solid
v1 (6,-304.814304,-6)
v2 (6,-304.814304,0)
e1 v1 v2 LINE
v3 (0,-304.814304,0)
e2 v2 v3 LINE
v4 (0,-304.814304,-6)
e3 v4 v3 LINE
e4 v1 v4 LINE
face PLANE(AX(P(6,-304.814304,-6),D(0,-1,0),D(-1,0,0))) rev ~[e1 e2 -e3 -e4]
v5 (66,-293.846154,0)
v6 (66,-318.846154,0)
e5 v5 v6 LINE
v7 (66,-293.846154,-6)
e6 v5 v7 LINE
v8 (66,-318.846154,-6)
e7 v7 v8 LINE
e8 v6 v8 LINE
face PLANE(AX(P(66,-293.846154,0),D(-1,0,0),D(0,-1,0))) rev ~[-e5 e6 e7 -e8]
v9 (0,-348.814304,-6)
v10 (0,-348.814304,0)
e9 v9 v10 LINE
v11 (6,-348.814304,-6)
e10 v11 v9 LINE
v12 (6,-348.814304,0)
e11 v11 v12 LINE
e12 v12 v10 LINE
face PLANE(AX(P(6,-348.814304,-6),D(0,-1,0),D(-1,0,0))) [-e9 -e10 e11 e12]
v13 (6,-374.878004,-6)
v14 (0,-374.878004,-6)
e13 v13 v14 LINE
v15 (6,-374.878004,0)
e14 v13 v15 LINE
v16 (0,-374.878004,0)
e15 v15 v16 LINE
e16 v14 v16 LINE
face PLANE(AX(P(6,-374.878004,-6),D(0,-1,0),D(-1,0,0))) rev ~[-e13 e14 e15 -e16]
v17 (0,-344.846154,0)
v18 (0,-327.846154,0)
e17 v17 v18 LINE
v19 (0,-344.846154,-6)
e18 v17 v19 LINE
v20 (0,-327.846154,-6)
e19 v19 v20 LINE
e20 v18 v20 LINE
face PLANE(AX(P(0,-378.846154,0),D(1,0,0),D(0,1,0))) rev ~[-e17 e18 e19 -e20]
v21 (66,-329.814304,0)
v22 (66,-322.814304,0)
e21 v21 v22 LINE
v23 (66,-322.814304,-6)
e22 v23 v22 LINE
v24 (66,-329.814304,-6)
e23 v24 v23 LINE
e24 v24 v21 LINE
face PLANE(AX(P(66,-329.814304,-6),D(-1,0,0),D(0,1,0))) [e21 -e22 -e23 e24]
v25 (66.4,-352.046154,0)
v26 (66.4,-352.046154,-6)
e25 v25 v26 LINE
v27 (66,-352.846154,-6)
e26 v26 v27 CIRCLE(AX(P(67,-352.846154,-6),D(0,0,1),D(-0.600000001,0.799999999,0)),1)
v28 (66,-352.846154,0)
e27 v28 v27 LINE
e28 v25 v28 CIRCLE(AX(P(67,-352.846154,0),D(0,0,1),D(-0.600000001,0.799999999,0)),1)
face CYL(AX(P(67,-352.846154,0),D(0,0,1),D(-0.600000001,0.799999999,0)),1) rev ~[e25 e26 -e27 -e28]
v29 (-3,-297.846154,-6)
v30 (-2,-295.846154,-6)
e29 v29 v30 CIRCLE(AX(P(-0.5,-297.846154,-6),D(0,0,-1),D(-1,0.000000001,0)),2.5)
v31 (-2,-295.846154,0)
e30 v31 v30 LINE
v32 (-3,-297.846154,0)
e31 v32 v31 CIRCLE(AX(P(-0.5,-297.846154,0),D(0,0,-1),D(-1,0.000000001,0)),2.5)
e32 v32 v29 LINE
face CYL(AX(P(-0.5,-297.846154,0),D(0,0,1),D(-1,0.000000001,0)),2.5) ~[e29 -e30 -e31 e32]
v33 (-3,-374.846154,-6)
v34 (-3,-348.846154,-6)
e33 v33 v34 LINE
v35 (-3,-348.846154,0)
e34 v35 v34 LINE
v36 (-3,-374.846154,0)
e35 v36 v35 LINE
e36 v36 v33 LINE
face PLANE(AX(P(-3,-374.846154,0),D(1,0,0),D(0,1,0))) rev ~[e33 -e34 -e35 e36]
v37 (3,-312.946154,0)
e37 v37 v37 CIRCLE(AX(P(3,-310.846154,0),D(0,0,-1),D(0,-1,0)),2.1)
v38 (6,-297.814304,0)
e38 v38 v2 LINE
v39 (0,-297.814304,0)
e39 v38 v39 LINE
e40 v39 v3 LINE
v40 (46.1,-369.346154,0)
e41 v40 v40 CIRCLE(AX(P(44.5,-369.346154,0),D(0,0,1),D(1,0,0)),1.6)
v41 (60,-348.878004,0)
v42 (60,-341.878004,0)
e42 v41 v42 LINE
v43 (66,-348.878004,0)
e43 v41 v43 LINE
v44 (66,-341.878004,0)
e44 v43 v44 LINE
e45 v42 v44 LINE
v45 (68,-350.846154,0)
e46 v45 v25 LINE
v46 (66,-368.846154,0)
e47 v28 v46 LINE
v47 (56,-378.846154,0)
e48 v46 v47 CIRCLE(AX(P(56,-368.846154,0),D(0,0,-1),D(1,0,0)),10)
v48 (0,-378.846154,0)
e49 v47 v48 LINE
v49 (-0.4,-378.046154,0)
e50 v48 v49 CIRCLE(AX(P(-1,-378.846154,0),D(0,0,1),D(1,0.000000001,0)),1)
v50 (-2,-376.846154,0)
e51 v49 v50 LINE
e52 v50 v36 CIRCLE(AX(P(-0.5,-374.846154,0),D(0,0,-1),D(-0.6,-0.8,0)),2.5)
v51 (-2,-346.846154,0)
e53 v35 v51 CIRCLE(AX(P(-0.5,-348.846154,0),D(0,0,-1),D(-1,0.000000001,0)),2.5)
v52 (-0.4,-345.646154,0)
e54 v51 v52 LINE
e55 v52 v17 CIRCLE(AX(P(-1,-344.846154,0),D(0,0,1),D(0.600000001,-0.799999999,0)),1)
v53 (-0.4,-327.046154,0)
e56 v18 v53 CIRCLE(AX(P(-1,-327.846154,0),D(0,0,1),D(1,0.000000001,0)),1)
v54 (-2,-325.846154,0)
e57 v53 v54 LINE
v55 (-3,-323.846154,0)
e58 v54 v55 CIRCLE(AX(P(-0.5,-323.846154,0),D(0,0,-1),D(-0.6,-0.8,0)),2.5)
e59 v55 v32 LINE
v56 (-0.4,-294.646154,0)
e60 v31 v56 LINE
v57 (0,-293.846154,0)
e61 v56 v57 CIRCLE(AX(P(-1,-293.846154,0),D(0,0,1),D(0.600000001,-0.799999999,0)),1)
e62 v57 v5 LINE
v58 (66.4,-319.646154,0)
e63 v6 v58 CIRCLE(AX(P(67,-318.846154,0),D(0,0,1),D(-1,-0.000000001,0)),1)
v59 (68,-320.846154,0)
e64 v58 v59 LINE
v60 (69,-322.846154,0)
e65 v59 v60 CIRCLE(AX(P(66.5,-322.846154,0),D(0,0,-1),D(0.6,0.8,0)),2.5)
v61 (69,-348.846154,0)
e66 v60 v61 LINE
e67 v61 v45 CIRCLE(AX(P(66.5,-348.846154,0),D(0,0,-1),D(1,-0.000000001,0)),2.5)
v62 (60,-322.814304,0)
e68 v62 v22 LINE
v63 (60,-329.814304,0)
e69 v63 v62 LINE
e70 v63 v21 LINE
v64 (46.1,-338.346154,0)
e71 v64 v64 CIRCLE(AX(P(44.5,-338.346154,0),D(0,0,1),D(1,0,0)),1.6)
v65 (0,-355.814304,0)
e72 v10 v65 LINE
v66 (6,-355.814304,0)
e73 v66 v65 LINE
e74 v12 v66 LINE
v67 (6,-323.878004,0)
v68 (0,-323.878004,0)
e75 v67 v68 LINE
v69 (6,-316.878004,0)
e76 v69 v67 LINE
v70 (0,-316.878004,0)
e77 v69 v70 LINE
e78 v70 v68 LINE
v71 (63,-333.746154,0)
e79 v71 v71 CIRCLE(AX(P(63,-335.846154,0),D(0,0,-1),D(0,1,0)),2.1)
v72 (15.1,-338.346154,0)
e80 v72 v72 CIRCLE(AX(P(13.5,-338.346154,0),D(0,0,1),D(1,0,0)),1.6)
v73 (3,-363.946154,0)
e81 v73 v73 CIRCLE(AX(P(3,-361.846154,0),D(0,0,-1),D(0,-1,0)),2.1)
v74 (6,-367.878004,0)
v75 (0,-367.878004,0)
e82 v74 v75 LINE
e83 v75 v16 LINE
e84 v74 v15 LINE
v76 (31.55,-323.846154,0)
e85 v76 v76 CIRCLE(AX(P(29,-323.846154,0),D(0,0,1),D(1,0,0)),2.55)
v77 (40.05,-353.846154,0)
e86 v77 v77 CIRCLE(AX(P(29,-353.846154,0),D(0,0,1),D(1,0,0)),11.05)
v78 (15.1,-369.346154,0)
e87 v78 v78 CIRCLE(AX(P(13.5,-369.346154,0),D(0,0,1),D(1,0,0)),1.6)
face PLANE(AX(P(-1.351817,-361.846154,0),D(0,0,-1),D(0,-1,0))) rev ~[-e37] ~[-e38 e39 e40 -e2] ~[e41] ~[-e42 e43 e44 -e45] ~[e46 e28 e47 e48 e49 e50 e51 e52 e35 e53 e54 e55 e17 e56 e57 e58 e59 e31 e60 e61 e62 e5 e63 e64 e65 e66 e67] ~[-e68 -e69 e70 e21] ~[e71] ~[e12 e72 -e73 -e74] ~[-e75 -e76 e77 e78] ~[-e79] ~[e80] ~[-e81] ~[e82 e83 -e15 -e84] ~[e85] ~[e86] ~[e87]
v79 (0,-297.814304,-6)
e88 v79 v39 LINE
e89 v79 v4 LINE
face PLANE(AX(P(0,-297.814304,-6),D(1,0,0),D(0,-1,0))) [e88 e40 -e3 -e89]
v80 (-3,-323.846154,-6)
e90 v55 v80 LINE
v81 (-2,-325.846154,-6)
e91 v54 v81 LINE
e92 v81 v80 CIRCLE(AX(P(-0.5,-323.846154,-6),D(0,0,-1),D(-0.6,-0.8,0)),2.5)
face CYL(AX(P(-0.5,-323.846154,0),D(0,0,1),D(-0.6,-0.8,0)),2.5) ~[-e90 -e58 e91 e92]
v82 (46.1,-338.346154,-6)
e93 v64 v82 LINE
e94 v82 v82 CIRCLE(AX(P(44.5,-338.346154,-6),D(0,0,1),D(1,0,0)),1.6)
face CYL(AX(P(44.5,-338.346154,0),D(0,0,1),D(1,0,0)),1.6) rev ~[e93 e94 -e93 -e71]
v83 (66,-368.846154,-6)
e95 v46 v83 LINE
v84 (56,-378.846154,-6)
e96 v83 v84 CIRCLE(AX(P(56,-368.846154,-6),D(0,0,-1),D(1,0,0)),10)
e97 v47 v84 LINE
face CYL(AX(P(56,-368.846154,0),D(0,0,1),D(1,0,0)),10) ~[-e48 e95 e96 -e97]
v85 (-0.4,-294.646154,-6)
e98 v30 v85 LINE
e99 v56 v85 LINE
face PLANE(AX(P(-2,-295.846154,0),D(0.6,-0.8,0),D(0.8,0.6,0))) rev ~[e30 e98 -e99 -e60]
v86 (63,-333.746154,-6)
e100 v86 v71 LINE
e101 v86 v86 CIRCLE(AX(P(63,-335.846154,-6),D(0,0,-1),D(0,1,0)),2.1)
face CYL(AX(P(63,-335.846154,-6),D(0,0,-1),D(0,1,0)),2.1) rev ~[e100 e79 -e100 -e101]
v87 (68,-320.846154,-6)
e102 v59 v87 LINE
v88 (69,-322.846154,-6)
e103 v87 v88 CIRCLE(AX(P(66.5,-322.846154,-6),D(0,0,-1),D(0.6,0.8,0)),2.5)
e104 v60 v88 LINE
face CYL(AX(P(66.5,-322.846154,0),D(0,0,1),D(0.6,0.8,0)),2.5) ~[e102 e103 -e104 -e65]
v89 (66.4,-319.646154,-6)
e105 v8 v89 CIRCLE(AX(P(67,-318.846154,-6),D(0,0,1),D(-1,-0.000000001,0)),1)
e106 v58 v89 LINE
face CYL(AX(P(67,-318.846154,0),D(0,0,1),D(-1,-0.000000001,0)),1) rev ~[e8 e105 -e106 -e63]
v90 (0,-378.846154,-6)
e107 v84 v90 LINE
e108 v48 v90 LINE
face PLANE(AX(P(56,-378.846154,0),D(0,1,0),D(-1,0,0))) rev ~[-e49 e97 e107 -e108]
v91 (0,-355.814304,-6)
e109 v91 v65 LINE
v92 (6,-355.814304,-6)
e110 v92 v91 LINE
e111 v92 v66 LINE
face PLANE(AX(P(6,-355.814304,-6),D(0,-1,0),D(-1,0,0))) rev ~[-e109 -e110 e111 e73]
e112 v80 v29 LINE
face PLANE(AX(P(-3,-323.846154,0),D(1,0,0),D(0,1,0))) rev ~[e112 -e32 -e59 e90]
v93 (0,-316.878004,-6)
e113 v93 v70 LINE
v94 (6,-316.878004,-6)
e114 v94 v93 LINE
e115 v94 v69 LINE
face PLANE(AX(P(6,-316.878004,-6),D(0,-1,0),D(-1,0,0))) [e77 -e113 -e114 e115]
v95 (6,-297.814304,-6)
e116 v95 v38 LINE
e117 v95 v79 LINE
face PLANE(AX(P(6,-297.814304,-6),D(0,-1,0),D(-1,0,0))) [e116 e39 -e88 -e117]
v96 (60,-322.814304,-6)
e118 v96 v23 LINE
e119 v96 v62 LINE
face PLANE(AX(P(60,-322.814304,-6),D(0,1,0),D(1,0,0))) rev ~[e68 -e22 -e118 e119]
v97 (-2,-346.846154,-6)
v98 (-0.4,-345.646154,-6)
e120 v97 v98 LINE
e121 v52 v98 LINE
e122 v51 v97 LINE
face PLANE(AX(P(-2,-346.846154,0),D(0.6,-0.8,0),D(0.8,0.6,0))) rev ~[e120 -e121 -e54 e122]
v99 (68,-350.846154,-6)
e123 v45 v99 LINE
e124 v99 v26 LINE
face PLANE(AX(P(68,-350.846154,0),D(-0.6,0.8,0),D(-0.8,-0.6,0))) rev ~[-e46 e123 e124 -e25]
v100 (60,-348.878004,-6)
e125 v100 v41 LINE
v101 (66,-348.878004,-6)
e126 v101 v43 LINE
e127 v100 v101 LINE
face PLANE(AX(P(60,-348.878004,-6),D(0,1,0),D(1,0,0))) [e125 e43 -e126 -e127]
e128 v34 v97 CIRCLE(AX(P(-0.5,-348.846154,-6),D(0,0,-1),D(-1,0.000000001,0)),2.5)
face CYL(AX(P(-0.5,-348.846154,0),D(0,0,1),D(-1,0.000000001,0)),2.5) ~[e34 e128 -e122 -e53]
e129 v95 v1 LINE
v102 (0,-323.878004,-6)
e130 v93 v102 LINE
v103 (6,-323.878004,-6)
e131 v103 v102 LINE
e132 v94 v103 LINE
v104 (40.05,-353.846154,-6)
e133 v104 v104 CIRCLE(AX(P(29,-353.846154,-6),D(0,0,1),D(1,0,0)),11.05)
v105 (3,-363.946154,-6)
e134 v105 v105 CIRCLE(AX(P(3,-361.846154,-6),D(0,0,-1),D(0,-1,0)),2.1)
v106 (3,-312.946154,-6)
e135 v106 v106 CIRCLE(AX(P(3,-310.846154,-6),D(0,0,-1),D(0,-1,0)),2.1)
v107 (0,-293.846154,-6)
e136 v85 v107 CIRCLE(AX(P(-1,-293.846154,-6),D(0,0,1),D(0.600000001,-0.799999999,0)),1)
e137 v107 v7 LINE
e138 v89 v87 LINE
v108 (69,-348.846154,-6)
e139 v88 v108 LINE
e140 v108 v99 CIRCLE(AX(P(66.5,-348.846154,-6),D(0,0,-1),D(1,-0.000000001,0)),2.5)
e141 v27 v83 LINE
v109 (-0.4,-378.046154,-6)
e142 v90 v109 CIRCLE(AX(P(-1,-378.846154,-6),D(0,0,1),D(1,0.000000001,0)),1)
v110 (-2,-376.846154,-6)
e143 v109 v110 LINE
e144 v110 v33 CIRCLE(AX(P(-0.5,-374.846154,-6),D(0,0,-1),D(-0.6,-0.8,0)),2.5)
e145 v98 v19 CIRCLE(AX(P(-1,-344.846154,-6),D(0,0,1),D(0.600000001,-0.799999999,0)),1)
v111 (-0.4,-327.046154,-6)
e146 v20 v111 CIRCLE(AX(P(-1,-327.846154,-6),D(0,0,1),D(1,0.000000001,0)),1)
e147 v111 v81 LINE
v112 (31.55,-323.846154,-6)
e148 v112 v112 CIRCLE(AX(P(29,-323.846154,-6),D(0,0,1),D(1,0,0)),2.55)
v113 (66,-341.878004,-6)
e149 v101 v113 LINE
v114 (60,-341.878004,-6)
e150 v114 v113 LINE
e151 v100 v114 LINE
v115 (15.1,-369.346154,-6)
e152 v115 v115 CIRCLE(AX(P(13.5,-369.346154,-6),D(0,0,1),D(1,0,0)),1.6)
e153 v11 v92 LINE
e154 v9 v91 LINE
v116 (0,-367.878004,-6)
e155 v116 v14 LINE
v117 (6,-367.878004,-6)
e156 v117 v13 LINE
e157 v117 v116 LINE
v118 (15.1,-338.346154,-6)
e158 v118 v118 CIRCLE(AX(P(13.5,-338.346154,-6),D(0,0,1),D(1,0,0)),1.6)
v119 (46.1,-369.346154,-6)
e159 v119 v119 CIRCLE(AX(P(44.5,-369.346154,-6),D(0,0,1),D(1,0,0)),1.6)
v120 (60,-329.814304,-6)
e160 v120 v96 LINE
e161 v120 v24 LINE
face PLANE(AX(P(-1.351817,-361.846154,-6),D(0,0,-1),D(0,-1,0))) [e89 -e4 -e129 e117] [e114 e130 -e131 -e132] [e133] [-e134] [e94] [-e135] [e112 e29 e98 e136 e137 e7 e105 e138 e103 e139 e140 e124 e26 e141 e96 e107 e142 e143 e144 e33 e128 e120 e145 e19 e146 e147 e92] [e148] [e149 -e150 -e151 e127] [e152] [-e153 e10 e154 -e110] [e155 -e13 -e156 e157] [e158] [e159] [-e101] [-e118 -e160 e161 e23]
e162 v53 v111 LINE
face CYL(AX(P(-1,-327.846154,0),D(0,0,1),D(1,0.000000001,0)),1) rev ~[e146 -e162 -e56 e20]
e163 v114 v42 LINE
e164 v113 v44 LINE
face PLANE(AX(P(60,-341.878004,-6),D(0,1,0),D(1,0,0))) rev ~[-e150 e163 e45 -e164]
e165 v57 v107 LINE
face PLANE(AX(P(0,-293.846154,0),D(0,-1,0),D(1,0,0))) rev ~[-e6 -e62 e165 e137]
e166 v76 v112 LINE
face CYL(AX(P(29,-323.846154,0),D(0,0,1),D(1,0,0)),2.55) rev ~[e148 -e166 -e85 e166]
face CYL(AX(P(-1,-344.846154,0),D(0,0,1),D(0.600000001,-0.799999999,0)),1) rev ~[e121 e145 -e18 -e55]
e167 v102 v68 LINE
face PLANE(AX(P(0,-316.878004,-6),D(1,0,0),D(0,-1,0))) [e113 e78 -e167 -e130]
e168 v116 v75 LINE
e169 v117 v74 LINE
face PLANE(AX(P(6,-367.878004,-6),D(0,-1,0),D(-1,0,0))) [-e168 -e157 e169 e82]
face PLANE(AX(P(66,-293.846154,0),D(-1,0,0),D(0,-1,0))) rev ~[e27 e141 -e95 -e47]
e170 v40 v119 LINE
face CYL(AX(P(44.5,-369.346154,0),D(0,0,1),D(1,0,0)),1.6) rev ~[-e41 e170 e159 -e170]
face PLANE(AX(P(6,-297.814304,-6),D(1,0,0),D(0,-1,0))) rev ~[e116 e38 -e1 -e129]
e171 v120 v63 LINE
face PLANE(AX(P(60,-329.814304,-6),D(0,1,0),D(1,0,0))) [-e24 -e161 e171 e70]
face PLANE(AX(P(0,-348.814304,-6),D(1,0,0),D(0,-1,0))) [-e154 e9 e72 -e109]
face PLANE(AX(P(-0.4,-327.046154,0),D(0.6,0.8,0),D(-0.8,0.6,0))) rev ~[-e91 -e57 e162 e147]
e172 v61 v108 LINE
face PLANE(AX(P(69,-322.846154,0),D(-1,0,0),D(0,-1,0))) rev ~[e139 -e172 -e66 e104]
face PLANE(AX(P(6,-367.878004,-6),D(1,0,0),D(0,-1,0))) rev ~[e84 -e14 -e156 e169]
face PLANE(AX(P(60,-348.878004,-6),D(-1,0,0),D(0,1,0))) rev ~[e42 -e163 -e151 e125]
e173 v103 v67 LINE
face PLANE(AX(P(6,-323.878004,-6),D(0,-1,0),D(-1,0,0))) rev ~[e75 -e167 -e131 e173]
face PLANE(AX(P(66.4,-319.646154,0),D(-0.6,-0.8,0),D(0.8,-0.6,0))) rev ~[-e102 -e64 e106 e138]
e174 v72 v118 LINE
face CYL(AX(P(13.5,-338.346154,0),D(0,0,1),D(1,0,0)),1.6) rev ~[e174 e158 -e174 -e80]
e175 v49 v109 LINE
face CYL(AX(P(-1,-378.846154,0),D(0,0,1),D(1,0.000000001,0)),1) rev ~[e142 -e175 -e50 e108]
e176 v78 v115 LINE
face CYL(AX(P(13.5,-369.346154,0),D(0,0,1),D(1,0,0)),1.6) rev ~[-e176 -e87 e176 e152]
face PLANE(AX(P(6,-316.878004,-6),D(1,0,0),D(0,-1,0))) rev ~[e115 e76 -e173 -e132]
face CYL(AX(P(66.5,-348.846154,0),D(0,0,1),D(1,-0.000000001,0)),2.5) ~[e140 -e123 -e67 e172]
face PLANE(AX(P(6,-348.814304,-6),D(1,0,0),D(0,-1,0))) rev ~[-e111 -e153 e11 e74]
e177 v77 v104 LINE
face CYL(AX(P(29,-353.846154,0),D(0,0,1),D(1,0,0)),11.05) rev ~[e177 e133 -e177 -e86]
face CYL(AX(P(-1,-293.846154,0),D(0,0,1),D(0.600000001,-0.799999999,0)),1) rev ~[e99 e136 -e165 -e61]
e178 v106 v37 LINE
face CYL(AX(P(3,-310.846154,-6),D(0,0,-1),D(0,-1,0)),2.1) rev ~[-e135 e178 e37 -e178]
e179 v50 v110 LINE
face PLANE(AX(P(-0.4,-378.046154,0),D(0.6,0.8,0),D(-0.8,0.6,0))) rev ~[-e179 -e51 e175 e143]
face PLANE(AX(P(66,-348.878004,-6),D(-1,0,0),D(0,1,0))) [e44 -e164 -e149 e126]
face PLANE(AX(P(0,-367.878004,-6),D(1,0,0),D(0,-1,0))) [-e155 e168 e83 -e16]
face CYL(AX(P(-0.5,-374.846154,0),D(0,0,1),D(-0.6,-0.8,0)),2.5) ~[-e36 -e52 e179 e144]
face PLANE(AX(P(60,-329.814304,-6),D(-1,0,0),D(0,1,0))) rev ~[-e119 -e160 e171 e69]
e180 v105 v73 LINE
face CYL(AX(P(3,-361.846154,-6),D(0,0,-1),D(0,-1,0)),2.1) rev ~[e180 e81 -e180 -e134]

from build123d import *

# Parameters (mm, degrees)
EXTRUDE_1_DEPTH      = 6
SKETCH_2_R           = 11.05
SKETCH_2_R_2         = 1.6
SKETCH_2_R_3         = 2.55
CUT_EXTRUDE_1_DEPTH  = 7
EXTRUDE_2_DEPTH      = 6
SKETCH_3_R           = 2.1
SKETCH_3_W           = 7
SKETCH_3_H           = 6
CUT_EXTRUDE_11_DEPTH = 7
EXTRUDE_21_DEPTH     = 6
SKETCH_31_R          = 2.1
SKETCH_31_W          = 7
SKETCH_31_H          = 6
CUT_EXTRUDE_12_DEPTH = 7
EXTRUDE_24_DEPTH     = 6
SKETCH_34_R          = 2.1
SKETCH_34_W          = 7
SKETCH_34_H          = 6
CUT_EXTRUDE_15_DEPTH = 7


with BuildPart() as part:
    # Эскиз1 → Бобышка-Вытянуть1 (new body)
    with BuildSketch(Plane.XY):
        with BuildLine():
            Line((0, -293.846153846), (66, -293.846153846))
            Line((66, -293.846153846), (66, -368.846153846))
            ThreePointArc((66, -368.846153846), (63.071067812, -375.917221658), (56, -378.846153846))
            Line((56, -378.846153846), (0, -378.846153846))
            Line((0, -378.846153846), (0, -293.846153846))
        make_face()
    extrude(amount=-EXTRUDE_1_DEPTH)

    # Эскиз2 → Вырез-Вытянуть1 (cut, through all)
    with BuildSketch(Plane.XY):
        with Locations((29, -353.846153846)):
            Circle(SKETCH_2_R)
        with Locations((44.5, -369.346153846)):
            Circle(SKETCH_2_R_2)
        with Locations((13.5, -369.346153846)):
            Circle(SKETCH_2_R_2)
        with Locations((13.5, -338.346153846)):
            Circle(SKETCH_2_R_2)
        with Locations((44.5, -338.346153846)):
            Circle(SKETCH_2_R_2)
        with Locations((29, -323.846153846)):
            Circle(SKETCH_2_R_3)
    extrude(amount=-CUT_EXTRUDE_1_DEPTH, mode=Mode.SUBTRACT)

    # Эскиз21 → Бобышка-Вытянуть2 (add)
    with BuildSketch(Plane(origin=(16, -335.846153846, 0), x_dir=(0, 1, 0), z_dir=(0, 0, -1))):
        with BuildLine():
            Line((13, 53), (-13, 53))
            ThreePointArc((-13, 53), (-14.118033989, 52.736067977), (-15, 52))
            Line((-15, 52), (-16.2, 50.4))
            ThreePointArc((-16.2, 50.4), (-16.552786405, 50.105572809), (-17, 50))
            Line((-17, 50), (17, 50))
            ThreePointArc((17, 50), (16.552786405, 50.105572809), (16.2, 50.4))
            Line((16.2, 50.4), (15, 52))
            ThreePointArc((15, 52), (14.118033989, 52.736067977), (13, 53))
        make_face()
    extrude(amount=EXTRUDE_2_DEPTH)

    # Эскиз3 → Вырез-Вытянуть11 (cut, through all)
    with BuildSketch(Plane(origin=(16, -335.846153846, -6), x_dir=(0, 1, 0), z_dir=(0, 0, -1))):
        with Locations((0, 47)):
            Circle(SKETCH_3_R)
        with Locations((9.531849908, 47)):
            Rectangle(SKETCH_3_W, SKETCH_3_H)
        with Locations((-9.531849908, 47)):
            Rectangle(SKETCH_3_W, SKETCH_3_H)
    extrude(amount=-CUT_EXTRUDE_11_DEPTH, mode=Mode.SUBTRACT)

    # Эскиз22 → Бобышка-Вытянуть21 (add)
    with BuildSketch(Plane(origin=(50, -310.846153846, 0), x_dir=(0, -1, 0), z_dir=(0, 0, -1))):
        with BuildLine():
            Line((13, 53), (-13, 53))
            ThreePointArc((-13, 53), (-14.118033989, 52.736067977), (-15, 52))
            Line((-15, 52), (-16.2, 50.4))
            ThreePointArc((-16.2, 50.4), (-16.552786405, 50.105572809), (-17, 50))
            Line((-17, 50), (17, 50))
            ThreePointArc((17, 50), (16.552786405, 50.105572809), (16.2, 50.4))
            Line((16.2, 50.4), (15, 52))
            ThreePointArc((15, 52), (14.118033989, 52.736067977), (13, 53))
        make_face()
    extrude(amount=EXTRUDE_21_DEPTH)

    # Эскиз31 → Вырез-Вытянуть12 (cut, through all)
    with BuildSketch(Plane(origin=(50, -310.846153846, -6), x_dir=(0, -1, 0), z_dir=(0, 0, -1))):
        with Locations((0, 47)):
            Circle(SKETCH_31_R)
        with Locations((9.531849908, 47)):
            Rectangle(SKETCH_31_W, SKETCH_31_H)
        with Locations((-9.531849908, 47)):
            Rectangle(SKETCH_31_W, SKETCH_31_H)
    extrude(amount=-CUT_EXTRUDE_12_DEPTH, mode=Mode.SUBTRACT)

    # Эскиз24 → Бобышка-Вытянуть24 (add)
    with BuildSketch(Plane(origin=(50, -361.846153846, 0), x_dir=(0, -1, 0), z_dir=(0, 0, -1))):
        with BuildLine():
            Line((13, 53), (-13, 53))
            ThreePointArc((-13, 53), (-14.118033989, 52.736067977), (-15, 52))
            Line((-15, 52), (-16.2, 50.4))
            ThreePointArc((-16.2, 50.4), (-16.552786405, 50.105572809), (-17, 50))
            Line((-17, 50), (17, 50))
            ThreePointArc((17, 50), (16.552786405, 50.105572809), (16.2, 50.4))
            Line((16.2, 50.4), (15, 52))
            ThreePointArc((15, 52), (14.118033989, 52.736067977), (13, 53))
        make_face()
    extrude(amount=EXTRUDE_24_DEPTH)

    # Эскиз34 → Вырез-Вытянуть15 (cut, through all)
    with BuildSketch(Plane(origin=(50, -361.846153846, -6), x_dir=(0, -1, 0), z_dir=(0, 0, -1))):
        with Locations((0, 47)):
            Circle(SKETCH_34_R)
        with Locations((9.531849908, 47)):
            Rectangle(SKETCH_34_W, SKETCH_34_H)
        with Locations((-9.531849908, 47)):
            Rectangle(SKETCH_34_W, SKETCH_34_H)
    extrude(amount=-CUT_EXTRUDE_15_DEPTH, mode=Mode.SUBTRACT)


solid = part.part
